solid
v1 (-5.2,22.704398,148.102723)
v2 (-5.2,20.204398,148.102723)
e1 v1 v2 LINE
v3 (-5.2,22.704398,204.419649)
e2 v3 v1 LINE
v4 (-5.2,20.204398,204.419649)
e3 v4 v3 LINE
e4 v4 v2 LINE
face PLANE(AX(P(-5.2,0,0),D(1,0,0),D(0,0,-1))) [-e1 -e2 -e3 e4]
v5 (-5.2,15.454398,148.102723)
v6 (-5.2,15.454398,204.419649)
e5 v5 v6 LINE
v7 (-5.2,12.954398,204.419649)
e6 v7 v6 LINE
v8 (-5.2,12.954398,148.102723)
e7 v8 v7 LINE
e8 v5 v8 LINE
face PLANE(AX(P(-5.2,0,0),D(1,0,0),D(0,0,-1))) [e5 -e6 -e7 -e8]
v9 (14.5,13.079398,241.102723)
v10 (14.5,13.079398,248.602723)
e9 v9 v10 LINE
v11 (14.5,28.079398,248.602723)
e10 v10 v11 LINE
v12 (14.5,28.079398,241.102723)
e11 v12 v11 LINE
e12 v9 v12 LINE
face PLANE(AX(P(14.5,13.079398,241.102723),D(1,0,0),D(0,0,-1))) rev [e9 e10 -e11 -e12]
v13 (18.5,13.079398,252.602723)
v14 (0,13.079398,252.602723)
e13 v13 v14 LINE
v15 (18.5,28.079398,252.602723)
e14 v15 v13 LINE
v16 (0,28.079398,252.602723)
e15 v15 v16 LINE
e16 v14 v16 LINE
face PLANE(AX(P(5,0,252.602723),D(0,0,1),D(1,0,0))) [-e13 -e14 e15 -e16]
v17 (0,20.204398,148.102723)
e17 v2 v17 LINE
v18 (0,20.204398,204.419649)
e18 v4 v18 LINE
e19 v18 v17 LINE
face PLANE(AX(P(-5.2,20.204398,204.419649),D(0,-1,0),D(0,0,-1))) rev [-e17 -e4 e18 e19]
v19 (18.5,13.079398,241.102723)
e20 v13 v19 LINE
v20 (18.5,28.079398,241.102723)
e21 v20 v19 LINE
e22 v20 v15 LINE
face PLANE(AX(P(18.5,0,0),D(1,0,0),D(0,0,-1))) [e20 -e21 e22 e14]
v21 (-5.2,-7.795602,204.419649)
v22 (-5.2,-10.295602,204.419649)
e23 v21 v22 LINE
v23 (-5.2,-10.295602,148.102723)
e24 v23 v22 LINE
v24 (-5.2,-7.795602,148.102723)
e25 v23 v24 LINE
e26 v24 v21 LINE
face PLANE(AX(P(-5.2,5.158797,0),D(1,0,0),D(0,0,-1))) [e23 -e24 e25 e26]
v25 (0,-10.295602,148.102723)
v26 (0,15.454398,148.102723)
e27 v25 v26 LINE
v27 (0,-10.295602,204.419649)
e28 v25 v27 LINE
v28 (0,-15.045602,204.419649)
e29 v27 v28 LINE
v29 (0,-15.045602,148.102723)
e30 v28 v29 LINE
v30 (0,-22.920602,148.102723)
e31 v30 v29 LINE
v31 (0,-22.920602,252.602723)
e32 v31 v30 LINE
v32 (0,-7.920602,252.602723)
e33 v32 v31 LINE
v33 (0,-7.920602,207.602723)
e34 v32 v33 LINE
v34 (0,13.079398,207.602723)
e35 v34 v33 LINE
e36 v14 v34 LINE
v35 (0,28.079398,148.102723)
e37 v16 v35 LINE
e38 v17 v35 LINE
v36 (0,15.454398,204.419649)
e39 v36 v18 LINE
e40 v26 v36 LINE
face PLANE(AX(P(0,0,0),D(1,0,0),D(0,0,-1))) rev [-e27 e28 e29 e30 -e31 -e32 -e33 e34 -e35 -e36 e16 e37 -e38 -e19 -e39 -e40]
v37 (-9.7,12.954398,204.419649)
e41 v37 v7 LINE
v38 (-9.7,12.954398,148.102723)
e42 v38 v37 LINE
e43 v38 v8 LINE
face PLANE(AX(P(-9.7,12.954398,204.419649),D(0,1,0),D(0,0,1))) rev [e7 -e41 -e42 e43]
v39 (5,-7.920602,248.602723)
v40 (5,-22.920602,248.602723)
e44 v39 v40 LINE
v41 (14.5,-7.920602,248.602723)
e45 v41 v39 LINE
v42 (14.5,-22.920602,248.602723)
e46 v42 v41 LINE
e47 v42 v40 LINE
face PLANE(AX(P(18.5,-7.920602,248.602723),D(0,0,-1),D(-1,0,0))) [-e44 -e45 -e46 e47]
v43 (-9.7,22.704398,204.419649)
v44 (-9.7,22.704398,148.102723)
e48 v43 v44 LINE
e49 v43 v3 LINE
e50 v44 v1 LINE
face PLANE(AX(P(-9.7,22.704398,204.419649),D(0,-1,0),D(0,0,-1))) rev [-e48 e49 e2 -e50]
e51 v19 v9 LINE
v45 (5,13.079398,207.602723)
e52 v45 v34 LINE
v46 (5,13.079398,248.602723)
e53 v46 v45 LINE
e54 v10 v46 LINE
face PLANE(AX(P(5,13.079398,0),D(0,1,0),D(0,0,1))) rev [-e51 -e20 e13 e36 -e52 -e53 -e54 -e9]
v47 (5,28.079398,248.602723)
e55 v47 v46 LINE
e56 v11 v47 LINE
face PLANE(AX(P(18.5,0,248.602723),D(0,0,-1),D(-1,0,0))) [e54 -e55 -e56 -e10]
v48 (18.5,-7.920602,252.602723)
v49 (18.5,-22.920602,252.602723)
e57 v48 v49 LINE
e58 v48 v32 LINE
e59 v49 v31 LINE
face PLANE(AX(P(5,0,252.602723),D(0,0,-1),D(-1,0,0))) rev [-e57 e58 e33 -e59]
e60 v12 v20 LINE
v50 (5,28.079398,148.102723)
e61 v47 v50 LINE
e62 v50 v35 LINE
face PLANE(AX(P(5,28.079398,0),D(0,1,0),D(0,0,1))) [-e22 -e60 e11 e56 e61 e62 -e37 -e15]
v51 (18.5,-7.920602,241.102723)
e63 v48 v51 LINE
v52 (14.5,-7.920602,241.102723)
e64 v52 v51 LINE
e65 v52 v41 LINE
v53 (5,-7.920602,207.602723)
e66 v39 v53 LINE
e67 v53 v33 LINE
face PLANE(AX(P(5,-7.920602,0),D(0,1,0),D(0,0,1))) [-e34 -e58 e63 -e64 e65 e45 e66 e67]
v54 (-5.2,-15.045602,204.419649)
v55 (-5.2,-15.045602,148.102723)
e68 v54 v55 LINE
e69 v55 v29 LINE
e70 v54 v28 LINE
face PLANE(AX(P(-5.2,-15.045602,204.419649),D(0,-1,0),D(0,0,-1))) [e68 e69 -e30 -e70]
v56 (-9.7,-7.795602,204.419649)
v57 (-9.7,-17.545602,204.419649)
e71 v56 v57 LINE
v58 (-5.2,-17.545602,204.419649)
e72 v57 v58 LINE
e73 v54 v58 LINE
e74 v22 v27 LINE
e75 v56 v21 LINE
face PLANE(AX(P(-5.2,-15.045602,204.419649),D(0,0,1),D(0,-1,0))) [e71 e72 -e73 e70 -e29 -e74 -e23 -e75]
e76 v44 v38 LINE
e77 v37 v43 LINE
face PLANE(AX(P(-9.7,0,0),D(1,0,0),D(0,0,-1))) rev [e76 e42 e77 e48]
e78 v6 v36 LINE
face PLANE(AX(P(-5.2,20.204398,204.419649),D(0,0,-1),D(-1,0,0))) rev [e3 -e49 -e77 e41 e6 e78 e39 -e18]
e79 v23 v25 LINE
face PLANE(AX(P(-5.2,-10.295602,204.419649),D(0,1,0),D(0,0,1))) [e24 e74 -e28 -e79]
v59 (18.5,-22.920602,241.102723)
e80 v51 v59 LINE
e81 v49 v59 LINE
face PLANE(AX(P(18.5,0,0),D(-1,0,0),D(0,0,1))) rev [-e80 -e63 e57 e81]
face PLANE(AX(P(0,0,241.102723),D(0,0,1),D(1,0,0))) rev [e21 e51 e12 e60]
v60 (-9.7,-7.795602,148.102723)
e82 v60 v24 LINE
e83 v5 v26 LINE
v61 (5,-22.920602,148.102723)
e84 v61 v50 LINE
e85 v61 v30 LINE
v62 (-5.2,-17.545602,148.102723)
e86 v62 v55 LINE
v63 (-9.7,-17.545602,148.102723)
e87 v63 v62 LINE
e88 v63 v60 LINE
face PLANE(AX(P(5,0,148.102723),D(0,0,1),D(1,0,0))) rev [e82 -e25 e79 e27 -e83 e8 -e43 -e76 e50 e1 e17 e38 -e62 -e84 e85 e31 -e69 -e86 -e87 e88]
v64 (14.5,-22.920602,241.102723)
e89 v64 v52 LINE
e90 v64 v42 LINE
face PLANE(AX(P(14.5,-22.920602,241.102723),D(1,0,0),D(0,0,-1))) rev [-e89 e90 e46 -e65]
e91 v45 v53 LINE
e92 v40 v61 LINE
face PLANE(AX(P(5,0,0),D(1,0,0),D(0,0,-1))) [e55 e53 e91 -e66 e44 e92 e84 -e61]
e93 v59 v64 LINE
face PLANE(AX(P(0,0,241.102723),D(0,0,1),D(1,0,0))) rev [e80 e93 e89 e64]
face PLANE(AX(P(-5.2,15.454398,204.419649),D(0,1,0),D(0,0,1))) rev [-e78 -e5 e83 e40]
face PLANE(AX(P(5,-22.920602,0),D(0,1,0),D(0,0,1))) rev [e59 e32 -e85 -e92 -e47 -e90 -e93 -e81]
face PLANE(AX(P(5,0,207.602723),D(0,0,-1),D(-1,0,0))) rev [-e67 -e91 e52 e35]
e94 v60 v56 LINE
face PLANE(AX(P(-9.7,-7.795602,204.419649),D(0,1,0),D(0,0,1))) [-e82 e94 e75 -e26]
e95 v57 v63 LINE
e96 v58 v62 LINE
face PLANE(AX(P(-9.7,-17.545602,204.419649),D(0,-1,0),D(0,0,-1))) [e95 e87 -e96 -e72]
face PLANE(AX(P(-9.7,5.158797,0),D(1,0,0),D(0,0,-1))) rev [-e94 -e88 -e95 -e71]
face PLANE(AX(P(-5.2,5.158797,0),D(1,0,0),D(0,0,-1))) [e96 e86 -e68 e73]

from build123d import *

# Parameters (mm, degrees)
BOSS_EXTRUDE1_DEPTH = 5
SKETCH5_W           = 4
SKETCH5_H           = 15
BOSS_EXTRUDE2_DEPTH = 13.5
SKETCH6_W           = 4
SKETCH6_H           = 15
BOSS_EXTRUDE3_DEPTH = 7.5
SKETCH7_W           = 56.316926488
SKETCH7_H           = 4.75
BOSS_EXTRUDE4_DEPTH = 5.2
SKETCH8_W           = 56.316926488
SKETCH8_H           = 9.75
BOSS_EXTRUDE5_DEPTH = 4.5


with BuildPart() as part:
    # Sketch4 → Boss-Extrude1 (new body)
    with BuildSketch(Plane(origin=(0, 0, 0), x_dir=(0, 0, -1), z_dir=(1, 0, 0))):
        Polygon((-207.602722557, -7.920601616), (-252.602722557, -7.920601616), (-252.602722557, -22.920601616), (-148.102722557, -22.920601616), (-148.102722557, 28.079398384), (-252.602722557, 28.079398384), (-252.602722557, 13.079398384), (-207.602722557, 13.079398384), align=None)
    extrude(amount=BOSS_EXTRUDE1_DEPTH)

    # Sketch5 → Boss-Extrude2 (add)
    with BuildSketch(Plane(origin=(5, 0, 0), x_dir=(0, 0, -1), z_dir=(1, 0, 0))):
        with Locations((-250.602722557, 20.579398384)):
            Rectangle(SKETCH5_W, SKETCH5_H)
        with Locations((-250.602722557, -15.420601616)):
            Rectangle(SKETCH5_W, SKETCH5_H)
    extrude(amount=BOSS_EXTRUDE2_DEPTH)

    # Sketch6 → Boss-Extrude3 (add)
    with BuildSketch(Plane(origin=(0, 0, 248.602722557), x_dir=(-1, 0, 0), z_dir=(0, 0, -1))):
        with Locations((-16.5, -15.420601616)):
            Rectangle(SKETCH6_W, SKETCH6_H)
        with Locations((-16.5, 20.579398384)):
            Rectangle(SKETCH6_W, SKETCH6_H)
    extrude(amount=BOSS_EXTRUDE3_DEPTH)

    # Sketch7 → Boss-Extrude4 (add)
    with BuildSketch(Plane.ZY):
        with Locations((176.261185801, 17.829398384)):
            Rectangle(SKETCH7_W, SKETCH7_H)
    boss_extrude4 = extrude(amount=BOSS_EXTRUDE4_DEPTH)

    # Sketch8 → Boss-Extrude5 (add)
    with BuildSketch(Plane.ZY.offset(5.2)):
        with Locations((176.261185801, 17.829398384)):
            Rectangle(SKETCH8_W, SKETCH8_H)
    boss_extrude5 = extrude(amount=BOSS_EXTRUDE5_DEPTH)

    # Mirror1: Boss-Extrude4, Boss-Extrude5 across plane
    add(boss_extrude4.mirror(Plane(origin=(0, 2.579398384, 0), x_dir=(0, 0, 1), z_dir=(0, -1, 0))))
    add(boss_extrude5.mirror(Plane(origin=(0, 2.579398384, 0), x_dir=(0, 0, 1), z_dir=(0, -1, 0))))


solid = part.part
